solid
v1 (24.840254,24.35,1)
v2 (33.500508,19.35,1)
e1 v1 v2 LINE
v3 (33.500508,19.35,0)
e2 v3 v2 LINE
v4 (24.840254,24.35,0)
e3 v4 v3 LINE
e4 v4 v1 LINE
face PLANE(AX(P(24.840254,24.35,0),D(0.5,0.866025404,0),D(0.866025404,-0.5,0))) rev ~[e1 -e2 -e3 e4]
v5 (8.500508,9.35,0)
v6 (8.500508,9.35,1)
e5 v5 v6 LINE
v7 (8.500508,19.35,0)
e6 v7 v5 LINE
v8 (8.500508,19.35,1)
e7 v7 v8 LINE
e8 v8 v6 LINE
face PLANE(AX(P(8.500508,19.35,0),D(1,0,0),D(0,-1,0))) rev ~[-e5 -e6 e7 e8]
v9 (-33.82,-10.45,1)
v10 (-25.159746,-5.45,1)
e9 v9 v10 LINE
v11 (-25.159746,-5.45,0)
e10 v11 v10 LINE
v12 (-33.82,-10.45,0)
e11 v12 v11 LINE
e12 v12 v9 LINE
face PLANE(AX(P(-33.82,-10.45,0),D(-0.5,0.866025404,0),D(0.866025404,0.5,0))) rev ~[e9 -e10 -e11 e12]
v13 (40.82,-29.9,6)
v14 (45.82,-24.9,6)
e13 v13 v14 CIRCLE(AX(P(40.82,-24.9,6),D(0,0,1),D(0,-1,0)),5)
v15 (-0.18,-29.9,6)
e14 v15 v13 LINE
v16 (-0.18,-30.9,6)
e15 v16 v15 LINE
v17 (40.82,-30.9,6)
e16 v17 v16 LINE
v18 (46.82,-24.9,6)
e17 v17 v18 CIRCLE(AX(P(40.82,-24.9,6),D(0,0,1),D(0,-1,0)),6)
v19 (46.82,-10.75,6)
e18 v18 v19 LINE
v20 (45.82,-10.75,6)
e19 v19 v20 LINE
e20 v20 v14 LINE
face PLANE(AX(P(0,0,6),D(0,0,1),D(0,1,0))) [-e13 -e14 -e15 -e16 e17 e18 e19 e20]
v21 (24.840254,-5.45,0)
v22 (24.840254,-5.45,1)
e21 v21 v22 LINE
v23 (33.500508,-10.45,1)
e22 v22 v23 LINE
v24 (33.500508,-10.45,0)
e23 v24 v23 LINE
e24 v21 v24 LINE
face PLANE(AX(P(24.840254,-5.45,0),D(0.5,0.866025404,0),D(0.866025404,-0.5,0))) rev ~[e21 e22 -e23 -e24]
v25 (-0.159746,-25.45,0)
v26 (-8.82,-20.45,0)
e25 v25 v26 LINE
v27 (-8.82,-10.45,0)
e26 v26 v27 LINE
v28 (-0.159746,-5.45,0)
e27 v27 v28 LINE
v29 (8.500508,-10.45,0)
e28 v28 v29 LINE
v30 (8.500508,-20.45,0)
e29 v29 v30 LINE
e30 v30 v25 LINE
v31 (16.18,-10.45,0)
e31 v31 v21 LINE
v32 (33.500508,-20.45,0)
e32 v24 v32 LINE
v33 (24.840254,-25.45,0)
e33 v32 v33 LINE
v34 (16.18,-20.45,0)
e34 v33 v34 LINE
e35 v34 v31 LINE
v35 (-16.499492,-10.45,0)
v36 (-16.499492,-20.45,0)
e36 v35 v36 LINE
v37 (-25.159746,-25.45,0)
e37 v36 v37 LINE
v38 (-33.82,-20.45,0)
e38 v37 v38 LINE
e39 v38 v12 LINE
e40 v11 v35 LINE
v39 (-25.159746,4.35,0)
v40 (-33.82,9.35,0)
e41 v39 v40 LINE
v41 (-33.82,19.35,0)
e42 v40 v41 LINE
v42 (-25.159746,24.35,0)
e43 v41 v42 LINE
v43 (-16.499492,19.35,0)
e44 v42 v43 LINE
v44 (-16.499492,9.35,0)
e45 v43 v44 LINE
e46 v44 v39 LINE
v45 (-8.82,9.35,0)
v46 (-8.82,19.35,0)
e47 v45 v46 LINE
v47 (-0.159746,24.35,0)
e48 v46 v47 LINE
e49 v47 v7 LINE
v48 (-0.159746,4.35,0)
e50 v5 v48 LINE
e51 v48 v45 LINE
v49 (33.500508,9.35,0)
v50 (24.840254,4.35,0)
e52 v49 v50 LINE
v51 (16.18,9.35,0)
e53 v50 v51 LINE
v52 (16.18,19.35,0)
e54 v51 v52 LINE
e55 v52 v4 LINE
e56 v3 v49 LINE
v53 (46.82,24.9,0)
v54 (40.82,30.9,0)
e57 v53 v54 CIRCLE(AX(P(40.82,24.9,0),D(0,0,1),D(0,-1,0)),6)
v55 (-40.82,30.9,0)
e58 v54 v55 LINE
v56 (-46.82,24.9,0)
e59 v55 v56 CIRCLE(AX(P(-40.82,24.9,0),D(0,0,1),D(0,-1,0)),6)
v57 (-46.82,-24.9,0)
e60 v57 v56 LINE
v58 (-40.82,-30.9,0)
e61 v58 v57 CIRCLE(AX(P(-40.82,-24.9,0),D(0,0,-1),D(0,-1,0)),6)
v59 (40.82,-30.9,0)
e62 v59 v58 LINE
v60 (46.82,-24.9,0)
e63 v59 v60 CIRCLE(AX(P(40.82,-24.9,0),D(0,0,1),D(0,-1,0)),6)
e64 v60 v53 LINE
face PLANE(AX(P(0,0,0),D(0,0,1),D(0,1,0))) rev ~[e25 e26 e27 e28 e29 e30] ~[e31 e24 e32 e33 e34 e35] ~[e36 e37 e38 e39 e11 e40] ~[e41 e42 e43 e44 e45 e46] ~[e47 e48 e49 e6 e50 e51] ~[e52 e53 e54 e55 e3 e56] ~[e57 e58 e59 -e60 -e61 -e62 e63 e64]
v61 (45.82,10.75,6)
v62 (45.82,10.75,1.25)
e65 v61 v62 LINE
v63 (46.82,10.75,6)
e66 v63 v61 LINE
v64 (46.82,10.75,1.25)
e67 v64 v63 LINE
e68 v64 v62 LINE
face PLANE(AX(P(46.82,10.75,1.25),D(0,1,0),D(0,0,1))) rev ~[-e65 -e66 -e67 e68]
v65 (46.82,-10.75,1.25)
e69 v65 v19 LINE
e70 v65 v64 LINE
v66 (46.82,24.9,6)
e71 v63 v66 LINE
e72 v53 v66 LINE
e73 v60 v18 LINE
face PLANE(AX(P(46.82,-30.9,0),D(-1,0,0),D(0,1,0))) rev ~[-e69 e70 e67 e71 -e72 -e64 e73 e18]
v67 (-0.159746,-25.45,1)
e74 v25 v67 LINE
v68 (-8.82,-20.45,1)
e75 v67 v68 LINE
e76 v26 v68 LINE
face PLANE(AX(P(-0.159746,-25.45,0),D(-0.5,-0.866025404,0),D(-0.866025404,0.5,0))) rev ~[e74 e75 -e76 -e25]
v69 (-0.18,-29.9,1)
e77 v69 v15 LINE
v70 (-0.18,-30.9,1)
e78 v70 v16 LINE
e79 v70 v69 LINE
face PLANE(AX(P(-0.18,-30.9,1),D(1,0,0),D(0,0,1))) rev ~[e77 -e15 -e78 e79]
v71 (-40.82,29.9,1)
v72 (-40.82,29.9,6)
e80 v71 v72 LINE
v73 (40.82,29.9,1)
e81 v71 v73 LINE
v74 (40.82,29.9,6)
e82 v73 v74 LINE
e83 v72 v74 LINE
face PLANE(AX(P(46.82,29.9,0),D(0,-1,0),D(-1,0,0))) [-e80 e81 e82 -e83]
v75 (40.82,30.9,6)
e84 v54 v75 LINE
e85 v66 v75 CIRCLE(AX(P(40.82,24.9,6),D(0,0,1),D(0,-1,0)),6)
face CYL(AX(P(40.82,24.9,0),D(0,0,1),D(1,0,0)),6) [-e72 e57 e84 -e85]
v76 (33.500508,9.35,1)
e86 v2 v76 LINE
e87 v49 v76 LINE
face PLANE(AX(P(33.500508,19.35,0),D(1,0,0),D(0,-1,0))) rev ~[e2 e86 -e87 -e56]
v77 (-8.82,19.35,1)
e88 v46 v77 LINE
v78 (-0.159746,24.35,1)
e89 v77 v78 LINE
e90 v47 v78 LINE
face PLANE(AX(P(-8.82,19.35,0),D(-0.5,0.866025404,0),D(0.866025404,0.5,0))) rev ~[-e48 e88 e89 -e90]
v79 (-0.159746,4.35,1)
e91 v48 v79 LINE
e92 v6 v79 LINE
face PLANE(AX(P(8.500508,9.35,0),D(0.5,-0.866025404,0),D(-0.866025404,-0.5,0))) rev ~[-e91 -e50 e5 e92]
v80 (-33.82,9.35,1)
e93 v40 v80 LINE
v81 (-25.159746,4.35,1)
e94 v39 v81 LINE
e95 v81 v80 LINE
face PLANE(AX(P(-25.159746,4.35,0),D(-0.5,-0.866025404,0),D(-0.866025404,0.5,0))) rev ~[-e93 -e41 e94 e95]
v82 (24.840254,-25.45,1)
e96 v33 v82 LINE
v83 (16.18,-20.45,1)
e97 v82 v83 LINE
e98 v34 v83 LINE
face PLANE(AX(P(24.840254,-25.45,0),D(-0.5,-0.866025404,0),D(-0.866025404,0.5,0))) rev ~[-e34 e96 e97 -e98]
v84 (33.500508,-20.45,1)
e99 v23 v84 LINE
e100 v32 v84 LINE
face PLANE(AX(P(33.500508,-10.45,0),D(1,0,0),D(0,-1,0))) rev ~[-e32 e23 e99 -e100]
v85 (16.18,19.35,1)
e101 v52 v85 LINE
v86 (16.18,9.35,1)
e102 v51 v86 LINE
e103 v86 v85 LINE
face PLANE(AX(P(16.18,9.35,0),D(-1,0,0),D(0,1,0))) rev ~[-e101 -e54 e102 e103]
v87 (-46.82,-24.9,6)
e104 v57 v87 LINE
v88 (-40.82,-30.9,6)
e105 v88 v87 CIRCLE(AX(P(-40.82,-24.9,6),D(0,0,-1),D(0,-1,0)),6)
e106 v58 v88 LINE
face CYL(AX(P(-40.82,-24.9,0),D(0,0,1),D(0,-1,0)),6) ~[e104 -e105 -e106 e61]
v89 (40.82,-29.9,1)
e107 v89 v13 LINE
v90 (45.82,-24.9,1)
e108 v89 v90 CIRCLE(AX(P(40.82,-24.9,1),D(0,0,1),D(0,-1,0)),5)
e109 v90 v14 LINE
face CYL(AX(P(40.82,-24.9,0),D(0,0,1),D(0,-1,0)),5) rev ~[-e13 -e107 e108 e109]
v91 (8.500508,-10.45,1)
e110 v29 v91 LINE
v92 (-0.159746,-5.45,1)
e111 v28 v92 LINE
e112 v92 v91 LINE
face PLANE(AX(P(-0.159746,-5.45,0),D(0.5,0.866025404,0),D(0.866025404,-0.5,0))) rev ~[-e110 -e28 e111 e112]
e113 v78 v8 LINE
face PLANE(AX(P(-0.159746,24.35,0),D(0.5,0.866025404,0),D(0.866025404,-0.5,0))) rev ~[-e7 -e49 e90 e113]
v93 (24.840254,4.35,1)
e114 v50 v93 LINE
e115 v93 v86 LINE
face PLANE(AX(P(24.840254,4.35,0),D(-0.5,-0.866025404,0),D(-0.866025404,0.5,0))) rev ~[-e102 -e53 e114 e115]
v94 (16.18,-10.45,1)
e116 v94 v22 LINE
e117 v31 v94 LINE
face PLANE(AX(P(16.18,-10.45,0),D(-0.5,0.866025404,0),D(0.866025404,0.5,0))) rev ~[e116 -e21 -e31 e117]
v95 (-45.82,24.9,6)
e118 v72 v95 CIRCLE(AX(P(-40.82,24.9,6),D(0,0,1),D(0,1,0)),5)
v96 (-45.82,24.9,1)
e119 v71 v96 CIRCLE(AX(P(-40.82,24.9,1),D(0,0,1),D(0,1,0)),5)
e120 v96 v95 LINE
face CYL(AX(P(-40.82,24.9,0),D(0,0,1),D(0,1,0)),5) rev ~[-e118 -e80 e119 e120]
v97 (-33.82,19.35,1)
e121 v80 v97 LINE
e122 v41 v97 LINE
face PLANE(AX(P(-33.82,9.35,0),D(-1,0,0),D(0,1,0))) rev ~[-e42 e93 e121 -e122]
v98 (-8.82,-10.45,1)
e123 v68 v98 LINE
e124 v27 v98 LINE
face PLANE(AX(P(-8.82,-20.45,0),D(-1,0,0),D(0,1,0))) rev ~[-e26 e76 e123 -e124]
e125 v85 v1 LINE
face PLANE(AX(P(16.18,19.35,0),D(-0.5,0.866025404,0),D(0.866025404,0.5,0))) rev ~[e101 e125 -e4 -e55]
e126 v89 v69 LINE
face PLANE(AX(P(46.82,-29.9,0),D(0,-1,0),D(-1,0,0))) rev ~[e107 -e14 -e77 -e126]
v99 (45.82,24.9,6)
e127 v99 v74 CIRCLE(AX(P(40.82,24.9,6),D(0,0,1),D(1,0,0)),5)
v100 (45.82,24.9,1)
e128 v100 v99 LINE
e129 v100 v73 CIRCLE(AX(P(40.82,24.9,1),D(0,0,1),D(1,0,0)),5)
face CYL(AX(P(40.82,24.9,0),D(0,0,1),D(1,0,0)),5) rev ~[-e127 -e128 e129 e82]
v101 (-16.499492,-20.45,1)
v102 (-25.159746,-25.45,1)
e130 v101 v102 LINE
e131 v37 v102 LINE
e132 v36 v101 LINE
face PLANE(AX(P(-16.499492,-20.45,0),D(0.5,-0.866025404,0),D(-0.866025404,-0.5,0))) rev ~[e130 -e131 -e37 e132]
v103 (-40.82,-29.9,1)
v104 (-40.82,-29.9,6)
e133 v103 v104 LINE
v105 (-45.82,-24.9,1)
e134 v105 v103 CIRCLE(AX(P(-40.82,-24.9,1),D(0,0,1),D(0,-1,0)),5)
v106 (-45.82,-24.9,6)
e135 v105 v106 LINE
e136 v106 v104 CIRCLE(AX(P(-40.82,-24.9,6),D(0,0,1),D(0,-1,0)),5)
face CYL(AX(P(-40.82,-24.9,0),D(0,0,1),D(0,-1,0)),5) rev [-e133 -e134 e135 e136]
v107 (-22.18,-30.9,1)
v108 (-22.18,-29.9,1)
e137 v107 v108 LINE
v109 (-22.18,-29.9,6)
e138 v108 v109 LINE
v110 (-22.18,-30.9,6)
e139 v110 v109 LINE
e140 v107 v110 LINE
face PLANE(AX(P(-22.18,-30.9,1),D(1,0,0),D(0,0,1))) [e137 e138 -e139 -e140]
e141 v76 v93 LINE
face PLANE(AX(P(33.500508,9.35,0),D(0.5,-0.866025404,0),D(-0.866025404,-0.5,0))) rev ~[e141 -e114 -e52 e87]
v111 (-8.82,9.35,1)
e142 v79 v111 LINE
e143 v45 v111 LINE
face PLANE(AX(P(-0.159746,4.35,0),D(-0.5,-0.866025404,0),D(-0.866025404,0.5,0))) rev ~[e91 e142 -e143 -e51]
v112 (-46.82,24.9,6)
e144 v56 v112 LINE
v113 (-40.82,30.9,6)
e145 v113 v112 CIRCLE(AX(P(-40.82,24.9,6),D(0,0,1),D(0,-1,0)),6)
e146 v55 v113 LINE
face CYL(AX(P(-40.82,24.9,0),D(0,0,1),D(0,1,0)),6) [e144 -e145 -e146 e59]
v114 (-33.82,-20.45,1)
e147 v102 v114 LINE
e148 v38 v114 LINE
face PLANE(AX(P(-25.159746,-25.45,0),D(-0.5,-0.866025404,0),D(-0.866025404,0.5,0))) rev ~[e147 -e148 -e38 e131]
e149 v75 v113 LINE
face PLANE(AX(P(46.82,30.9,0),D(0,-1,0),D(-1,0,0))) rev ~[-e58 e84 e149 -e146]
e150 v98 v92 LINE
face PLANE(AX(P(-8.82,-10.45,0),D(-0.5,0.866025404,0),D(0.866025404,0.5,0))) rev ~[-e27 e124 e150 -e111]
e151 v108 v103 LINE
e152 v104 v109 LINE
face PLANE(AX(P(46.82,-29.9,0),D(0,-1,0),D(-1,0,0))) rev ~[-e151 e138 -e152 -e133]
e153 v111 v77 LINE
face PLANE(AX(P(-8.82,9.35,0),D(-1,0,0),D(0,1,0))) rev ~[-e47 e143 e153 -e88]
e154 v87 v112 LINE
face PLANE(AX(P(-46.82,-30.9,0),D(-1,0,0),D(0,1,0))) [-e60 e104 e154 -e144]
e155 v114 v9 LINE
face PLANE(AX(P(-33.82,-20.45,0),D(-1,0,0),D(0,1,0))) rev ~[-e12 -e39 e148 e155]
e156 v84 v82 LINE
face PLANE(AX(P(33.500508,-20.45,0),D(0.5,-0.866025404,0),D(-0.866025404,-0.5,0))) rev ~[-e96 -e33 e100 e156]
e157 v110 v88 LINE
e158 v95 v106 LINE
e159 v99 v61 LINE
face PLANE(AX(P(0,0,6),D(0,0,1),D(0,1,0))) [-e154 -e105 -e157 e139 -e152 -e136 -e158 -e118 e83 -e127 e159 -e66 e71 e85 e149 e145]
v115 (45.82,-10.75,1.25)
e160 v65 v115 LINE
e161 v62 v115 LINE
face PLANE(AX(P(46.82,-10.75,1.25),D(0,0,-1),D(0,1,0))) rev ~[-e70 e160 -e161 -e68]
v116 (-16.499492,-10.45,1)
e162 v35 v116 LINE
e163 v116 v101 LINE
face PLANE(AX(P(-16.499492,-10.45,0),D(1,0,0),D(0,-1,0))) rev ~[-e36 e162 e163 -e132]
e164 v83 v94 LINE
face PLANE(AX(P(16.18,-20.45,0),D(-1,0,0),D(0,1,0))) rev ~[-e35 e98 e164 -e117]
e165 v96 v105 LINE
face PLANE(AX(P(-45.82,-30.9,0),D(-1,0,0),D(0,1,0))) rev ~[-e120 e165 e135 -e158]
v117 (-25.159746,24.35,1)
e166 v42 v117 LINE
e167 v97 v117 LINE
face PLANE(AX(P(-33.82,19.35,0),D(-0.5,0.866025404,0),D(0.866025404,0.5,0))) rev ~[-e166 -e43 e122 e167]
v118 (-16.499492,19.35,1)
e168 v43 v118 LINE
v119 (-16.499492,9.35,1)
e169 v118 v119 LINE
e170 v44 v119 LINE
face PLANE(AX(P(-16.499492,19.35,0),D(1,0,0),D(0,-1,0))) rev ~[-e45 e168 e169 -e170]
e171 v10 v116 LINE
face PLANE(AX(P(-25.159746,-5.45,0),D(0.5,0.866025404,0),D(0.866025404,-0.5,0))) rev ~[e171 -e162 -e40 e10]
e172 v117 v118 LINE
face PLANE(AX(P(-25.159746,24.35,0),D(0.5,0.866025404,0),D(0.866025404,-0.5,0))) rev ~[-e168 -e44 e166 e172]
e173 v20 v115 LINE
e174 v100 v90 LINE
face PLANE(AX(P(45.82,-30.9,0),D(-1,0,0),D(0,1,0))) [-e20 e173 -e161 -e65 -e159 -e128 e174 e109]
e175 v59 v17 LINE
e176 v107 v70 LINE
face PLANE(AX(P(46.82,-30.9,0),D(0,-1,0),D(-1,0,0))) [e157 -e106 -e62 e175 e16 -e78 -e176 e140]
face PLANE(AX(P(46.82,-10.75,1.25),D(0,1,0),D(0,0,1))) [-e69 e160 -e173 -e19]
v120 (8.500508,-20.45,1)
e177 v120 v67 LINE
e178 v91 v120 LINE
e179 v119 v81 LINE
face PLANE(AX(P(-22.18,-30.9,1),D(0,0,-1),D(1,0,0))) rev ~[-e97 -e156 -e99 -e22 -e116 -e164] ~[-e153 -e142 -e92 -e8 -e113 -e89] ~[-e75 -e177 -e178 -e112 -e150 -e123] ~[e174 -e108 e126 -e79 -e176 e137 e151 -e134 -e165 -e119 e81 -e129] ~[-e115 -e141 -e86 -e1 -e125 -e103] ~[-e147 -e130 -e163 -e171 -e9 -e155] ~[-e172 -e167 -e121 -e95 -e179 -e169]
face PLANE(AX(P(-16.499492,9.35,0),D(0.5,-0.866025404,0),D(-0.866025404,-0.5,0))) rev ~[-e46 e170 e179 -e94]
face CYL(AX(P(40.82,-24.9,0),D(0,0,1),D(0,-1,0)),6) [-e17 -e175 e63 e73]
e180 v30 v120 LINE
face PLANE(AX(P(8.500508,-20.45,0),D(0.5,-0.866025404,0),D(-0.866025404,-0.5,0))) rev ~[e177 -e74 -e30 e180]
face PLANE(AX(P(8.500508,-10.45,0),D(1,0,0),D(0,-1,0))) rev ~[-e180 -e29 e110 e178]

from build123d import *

# Parameters (mm, degrees)
SKIZZE1_W                       = 61.8
SKIZZE1_H                       = 93.64
AUFSATZ_LINEAR_AUSTRAGEN1_DEPTH = 6
VERRUNDUNG1_R                   = 6
WANDUNG1_T                      = -1
SKIZZE2_W                       = 21.5
SKIZZE2_H                       = 9.5
SCHNITT_LINEAR_AUSTRAGEN1_DEPTH = 6
SKIZZE3_W                       = 22
SKIZZE3_H                       = 5
SCHNITT_LINEAR_AUSTRAGEN2_DEPTH = 6
SCHNITT_LINEAR_AUSTRAGEN4_DEPTH = 6
LINEARES_MUSTER1_COUNT          = 3
LINEARES_MUSTER1_PITCH          = 25


with BuildPart() as part:
    # Skizze1 → Aufsatz-Linear austragen1 (new body)
    with BuildSketch(Plane(origin=(0, 0, 0), x_dir=(0, 1, 0), z_dir=(0, 0, 1))):
        Rectangle(SKIZZE1_W, SKIZZE1_H)
    extrude(amount=AUFSATZ_LINEAR_AUSTRAGEN1_DEPTH)

    # Verrundung1
    verrundung1_edges = [part.edges().sort_by_distance(p)[0] for p in [
        (46.82, 30.9, 3),
        (46.82, -30.9, 3),
        (-46.82, -30.9, 3),
        (-46.82, 30.9, 3),
    ]]
    fillet(verrundung1_edges, radius=VERRUNDUNG1_R)

    # Wandung1
    wandung1_openings = [part.faces().sort_by_distance(p)[0] for p in [
        (0, 0, 6),
    ]]
    offset(amount=WANDUNG1_T, openings=wandung1_openings, kind=Kind.INTERSECTION)

    # Skizze2 → Schnitt-Linear austragen1 (cut)
    with BuildSketch(Plane.YZ.offset(46.82)):
        with Locations((0, 6)):
            Rectangle(SKIZZE2_W, SKIZZE2_H)
    extrude(amount=-SCHNITT_LINEAR_AUSTRAGEN1_DEPTH, mode=Mode.SUBTRACT)

    # Skizze3 → Schnitt-Linear austragen2 (cut)
    with BuildSketch(Plane.XZ.offset(30.9)):
        with Locations((-11.18, 3.5)):
            Rectangle(SKIZZE3_W, SKIZZE3_H)
    extrude(amount=-SCHNITT_LINEAR_AUSTRAGEN2_DEPTH, mode=Mode.SUBTRACT)

    # Skizze4 → Schnitt-Linear austragen4 (cut)
    with BuildSketch(Plane(origin=(0, 0, 0), x_dir=(1, 0, 0), z_dir=(0, 0, -1))):
        Polygon((-25.159745962, 25.45), (-33.82, 20.45), (-33.82, 10.45), (-25.159745962, 5.45), (-16.499491924, 10.45), (-16.499491924, 20.45), align=None)
        Polygon((-25.159745962, -4.35), (-33.82, -9.35), (-33.82, -19.35), (-25.159745962, -24.35), (-16.499491924, -19.35), (-16.499491924, -9.35), align=None)
    schnitt_linear_austragen4 = extrude(amount=-SCHNITT_LINEAR_AUSTRAGEN4_DEPTH, mode=Mode.SUBTRACT)

    # Lineares Muster1: Schnitt-Linear austragen4 ×3
    with Locations(*[(i * LINEARES_MUSTER1_PITCH, 0, 0) for i in range(1, LINEARES_MUSTER1_COUNT)]):
        add(schnitt_linear_austragen4, mode=Mode.SUBTRACT)


solid = part.part
